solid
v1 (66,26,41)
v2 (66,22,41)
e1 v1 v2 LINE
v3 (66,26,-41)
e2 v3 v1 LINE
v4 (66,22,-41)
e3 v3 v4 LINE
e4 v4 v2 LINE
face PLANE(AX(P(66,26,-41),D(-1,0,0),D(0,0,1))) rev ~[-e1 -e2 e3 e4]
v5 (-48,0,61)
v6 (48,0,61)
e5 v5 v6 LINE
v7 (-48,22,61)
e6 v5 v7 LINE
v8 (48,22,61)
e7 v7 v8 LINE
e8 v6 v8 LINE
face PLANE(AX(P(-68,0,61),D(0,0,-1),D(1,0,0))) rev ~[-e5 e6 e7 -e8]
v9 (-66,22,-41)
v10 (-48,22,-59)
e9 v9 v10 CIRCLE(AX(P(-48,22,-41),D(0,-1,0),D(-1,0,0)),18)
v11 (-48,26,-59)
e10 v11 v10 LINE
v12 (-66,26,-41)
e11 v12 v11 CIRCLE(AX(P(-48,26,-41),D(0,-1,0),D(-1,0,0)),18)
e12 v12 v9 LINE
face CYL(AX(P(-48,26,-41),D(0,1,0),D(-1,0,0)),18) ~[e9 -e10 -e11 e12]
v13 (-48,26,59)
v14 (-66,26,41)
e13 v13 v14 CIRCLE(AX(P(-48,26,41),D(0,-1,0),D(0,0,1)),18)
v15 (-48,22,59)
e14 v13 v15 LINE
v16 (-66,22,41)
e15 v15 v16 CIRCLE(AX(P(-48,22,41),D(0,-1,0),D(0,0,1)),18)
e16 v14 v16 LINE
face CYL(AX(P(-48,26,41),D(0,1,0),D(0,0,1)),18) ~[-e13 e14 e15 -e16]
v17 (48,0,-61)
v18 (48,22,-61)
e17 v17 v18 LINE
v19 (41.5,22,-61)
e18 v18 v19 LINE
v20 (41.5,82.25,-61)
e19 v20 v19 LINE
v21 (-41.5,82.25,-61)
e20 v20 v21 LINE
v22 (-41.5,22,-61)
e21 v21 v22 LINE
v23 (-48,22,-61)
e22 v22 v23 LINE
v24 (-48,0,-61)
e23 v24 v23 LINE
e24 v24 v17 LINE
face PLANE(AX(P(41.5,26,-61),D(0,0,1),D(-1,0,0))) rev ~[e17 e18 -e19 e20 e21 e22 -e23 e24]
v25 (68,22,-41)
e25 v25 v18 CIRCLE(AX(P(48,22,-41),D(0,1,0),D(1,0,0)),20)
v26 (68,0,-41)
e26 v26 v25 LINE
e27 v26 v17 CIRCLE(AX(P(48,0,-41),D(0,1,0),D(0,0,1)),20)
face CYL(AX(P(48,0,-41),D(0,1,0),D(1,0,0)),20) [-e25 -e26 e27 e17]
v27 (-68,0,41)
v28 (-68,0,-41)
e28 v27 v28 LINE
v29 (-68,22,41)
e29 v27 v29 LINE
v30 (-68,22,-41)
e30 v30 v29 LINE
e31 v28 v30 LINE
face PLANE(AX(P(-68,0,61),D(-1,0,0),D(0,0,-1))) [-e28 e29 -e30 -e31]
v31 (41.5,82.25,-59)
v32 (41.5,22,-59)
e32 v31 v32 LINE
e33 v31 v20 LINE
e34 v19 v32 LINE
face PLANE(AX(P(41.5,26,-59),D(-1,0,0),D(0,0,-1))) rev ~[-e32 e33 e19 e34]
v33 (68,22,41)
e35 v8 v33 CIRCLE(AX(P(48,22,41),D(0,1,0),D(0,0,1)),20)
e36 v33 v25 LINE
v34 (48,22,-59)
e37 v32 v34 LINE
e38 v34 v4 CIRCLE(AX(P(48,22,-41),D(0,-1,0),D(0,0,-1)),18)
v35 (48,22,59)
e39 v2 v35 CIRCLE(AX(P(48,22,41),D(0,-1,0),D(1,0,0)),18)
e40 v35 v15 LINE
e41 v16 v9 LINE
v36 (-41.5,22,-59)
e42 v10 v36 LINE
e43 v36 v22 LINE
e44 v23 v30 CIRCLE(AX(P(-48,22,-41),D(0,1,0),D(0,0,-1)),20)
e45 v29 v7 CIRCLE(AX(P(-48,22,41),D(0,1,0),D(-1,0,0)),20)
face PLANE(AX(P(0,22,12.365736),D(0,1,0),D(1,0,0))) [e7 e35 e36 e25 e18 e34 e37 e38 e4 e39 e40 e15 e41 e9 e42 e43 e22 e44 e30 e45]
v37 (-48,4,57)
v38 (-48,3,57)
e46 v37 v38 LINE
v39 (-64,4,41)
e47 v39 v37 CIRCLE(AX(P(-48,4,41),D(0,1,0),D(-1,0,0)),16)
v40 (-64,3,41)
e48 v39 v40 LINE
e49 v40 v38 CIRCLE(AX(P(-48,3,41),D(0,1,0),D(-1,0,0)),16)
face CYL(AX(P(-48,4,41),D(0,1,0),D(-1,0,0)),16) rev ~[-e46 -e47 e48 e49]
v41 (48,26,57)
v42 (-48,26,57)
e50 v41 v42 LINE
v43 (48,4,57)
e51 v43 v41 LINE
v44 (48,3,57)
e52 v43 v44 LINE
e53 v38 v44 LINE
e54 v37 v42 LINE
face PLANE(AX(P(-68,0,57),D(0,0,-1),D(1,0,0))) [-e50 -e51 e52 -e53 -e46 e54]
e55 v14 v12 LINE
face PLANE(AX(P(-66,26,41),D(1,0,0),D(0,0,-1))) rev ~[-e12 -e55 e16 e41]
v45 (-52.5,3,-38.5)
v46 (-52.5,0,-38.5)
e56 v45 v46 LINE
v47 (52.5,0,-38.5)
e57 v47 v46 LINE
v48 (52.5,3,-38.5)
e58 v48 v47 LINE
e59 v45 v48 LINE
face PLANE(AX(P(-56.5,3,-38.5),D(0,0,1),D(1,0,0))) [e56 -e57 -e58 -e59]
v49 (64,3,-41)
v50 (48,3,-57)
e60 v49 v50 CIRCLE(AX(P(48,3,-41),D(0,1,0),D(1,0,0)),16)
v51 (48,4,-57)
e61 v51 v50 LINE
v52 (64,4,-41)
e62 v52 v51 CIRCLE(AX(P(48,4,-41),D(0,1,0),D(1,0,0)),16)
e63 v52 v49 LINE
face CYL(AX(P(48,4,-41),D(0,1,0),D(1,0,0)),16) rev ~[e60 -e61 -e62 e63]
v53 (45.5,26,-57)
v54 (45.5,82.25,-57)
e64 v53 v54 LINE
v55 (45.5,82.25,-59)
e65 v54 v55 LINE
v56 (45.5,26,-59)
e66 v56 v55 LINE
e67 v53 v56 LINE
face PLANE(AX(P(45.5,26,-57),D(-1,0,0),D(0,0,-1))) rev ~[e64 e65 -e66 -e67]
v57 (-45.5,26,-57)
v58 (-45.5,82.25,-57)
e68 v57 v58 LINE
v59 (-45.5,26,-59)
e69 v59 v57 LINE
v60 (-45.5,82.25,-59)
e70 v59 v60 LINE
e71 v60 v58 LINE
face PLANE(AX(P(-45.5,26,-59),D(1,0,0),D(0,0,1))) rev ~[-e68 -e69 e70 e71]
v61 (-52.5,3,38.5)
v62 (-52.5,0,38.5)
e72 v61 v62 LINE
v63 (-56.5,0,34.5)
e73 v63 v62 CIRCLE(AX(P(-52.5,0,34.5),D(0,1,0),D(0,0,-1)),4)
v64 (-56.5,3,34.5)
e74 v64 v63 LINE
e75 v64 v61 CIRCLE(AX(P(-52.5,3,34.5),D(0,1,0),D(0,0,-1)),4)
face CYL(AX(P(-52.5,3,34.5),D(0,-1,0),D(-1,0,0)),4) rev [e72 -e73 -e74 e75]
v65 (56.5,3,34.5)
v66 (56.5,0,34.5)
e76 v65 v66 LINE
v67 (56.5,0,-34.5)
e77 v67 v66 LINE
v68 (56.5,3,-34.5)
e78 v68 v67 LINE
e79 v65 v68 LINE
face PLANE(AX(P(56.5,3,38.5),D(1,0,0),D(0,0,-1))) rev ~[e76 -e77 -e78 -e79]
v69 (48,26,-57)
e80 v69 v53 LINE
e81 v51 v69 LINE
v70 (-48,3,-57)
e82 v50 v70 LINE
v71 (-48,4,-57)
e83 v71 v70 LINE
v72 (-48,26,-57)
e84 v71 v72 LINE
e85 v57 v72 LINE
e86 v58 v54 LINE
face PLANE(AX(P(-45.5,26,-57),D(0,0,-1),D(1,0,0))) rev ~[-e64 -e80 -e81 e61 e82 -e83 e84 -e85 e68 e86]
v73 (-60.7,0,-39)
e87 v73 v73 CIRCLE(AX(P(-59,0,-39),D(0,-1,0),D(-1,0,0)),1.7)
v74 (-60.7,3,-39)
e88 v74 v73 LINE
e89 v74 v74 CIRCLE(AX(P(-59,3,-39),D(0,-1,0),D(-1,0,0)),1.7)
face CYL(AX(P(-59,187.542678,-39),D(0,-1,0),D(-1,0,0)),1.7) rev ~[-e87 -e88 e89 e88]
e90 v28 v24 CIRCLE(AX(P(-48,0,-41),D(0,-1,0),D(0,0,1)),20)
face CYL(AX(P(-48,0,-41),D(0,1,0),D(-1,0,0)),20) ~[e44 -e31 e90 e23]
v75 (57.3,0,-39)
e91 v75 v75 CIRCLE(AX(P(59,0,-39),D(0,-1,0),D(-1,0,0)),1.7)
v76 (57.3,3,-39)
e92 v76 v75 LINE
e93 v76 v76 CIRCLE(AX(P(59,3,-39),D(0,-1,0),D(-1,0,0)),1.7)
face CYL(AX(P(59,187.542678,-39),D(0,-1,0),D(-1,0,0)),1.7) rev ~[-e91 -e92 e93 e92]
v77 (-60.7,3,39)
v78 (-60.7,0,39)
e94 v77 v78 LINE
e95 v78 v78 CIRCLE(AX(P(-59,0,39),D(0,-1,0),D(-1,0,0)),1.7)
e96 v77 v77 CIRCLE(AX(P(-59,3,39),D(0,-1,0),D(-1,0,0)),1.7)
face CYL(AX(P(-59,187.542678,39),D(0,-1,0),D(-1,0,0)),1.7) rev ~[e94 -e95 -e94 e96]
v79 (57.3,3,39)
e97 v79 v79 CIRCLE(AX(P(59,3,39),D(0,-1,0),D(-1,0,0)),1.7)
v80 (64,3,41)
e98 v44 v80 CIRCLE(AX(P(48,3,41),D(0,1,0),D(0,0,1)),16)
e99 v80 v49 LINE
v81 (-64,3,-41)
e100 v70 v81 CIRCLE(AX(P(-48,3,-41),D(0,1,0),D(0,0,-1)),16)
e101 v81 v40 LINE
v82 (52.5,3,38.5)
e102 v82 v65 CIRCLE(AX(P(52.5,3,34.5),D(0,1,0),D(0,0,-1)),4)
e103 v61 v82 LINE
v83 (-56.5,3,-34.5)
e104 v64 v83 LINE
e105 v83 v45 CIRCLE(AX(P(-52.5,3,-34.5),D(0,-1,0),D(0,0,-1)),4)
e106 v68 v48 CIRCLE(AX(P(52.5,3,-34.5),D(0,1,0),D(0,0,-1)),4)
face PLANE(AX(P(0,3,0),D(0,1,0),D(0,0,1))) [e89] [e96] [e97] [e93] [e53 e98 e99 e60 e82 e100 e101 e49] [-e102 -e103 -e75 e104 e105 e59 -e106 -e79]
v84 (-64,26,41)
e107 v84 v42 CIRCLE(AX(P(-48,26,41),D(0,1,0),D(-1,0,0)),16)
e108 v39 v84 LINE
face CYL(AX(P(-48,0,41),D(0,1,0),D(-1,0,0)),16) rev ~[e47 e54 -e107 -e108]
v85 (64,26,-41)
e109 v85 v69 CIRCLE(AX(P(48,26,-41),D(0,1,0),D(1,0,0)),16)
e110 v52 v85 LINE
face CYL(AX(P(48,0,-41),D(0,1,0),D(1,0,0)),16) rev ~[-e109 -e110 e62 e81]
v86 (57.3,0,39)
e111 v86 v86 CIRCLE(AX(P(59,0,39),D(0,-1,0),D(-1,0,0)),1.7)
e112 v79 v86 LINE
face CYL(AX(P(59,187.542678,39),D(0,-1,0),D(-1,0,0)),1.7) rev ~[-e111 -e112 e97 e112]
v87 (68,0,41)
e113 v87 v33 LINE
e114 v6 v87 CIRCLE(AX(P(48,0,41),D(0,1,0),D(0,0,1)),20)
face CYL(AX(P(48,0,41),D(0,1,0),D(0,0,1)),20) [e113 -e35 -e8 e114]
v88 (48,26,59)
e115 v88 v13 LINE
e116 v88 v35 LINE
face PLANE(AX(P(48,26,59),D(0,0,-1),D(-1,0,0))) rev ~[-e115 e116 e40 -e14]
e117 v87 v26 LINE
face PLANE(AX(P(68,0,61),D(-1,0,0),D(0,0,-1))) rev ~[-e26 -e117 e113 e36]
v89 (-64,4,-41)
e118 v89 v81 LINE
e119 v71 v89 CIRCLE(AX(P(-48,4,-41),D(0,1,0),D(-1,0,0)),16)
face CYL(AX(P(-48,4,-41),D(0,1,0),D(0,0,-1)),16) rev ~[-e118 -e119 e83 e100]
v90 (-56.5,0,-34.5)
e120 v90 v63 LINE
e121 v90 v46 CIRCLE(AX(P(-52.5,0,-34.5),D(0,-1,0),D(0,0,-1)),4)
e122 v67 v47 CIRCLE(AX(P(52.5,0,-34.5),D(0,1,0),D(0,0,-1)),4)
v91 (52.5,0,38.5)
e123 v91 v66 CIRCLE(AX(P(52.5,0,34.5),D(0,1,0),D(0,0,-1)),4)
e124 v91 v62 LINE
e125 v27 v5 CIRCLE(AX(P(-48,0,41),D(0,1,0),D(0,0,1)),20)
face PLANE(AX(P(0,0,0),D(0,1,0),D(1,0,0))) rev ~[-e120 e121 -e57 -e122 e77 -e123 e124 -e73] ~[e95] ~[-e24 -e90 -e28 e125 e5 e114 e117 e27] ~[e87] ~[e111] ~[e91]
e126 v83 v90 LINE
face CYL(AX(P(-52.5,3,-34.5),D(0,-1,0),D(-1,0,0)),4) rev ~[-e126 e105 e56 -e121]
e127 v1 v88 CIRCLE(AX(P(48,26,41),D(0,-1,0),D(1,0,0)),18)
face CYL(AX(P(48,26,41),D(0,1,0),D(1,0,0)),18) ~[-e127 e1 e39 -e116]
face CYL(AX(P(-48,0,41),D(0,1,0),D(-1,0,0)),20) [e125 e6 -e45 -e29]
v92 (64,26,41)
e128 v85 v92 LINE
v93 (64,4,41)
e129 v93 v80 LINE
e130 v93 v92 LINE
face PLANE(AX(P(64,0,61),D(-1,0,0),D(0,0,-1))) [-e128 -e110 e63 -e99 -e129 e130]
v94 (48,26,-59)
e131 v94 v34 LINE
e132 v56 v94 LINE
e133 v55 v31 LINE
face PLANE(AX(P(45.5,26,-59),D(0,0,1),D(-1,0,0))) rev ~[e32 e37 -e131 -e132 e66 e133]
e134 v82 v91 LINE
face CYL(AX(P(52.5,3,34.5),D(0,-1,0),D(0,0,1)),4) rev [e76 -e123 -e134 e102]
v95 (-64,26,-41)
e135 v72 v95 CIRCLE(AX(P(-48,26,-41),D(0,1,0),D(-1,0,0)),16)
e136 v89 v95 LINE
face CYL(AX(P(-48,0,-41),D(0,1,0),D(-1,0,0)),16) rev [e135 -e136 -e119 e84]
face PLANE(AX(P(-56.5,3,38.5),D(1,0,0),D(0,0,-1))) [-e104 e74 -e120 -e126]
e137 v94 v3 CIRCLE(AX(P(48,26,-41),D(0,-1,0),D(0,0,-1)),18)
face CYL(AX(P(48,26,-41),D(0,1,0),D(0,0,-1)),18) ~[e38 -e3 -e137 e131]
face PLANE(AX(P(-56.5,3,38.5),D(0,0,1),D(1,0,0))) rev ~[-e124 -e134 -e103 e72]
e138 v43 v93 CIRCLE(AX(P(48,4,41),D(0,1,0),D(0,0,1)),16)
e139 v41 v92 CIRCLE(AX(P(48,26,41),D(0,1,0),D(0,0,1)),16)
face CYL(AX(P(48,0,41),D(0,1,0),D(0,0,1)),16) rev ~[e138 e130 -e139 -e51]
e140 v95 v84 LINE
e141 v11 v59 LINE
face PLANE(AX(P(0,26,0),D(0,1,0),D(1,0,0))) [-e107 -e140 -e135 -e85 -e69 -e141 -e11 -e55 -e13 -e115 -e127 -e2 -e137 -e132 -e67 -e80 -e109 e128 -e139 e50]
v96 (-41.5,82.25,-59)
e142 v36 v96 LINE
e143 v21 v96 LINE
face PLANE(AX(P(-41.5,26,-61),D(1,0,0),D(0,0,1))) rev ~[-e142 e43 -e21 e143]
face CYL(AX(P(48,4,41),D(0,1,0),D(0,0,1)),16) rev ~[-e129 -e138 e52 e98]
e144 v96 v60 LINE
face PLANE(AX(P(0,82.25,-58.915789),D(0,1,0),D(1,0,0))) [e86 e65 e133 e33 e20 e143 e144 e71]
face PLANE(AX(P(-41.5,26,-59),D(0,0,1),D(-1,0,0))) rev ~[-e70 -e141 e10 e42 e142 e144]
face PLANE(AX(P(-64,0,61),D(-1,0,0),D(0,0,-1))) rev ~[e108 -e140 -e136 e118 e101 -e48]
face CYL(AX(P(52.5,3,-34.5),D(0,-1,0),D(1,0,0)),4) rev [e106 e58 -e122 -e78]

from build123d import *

# Parameters (mm, degrees)
SKETCH1_W                = 136
SKETCH1_H                = 122
BOSS_EXTRUDE1_DEPTH      = 26
FILLET1_R                = 20
SHELL1_T                 = -4
SHELL1_THICKNESS_2_DEPTH = 1
CUT_EXTRUDE1_REACH       = 96.202
SKETCH2_W                = 113
SKETCH2_H                = 77
FILLET2_R                = 4
M3_CLEARANCE_HOLE1_D     = 3.4
CUT_EXTRUDE2_DEPTH       = 4
BOSS_EXTRUDE3_DEPTH      = 56.25


with BuildPart() as part:
    # Sketch1 → Boss-Extrude1 (new body)
    with BuildSketch(Plane(origin=(0, 0, 0), x_dir=(1, 0, 0), z_dir=(0, 1, 0))):
        Rectangle(SKETCH1_W, SKETCH1_H)
    extrude(amount=BOSS_EXTRUDE1_DEPTH)

    # Fillet1
    fillet1_edges = [part.edges().sort_by_distance(p)[0] for p in [
        (68, 13, 61),
        (-68, 13, 61),
        (-68, 13, -61),
        (68, 13, -61),
    ]]
    fillet(fillet1_edges, radius=FILLET1_R)

    # Shell1
    shell1_openings = [part.faces().sort_by_distance(p)[0] for p in [
        (0, 26, 0),
    ]]
    offset(amount=SHELL1_T, openings=shell1_openings, kind=Kind.INTERSECTION)

    # Shell1 thickness 2 face (on inner face of the shell) → Shell1 thickness 2 (cut)
    with BuildSketch(Plane(origin=(0, 4, 0), x_dir=(0, 0, -1), z_dir=(0, -1, 0))):
        with BuildLine():
            ThreePointArc((57, -48), (52.313708499, -59.313708499), (41, -64))
            Line((41, -64), (-41, -64))
            ThreePointArc((-41, -64), (-52.313708499, -59.313708499), (-57, -48))
            Line((-57, -48), (-57, 48))
            ThreePointArc((-57, 48), (-52.313708499, 59.313708499), (-41, 64))
            Line((-41, 64), (41, 64))
            ThreePointArc((41, 64), (52.313708499, 59.313708499), (57, 48))
            Line((57, 48), (57, -48))
        make_face()
    extrude(amount=SHELL1_THICKNESS_2_DEPTH, mode=Mode.SUBTRACT)

    # Sketch2 → Cut-Extrude1 (cut, up to next)
    with BuildSketch(Plane(origin=(0, 3, 0), x_dir=(1, 0, 0), z_dir=(0, 1, 0)), mode=Mode.PRIVATE) as cut_extrude1_sk1:
        Rectangle(SKETCH2_W, SKETCH2_H)
    cut_extrude1_tool1 = extrude(cut_extrude1_sk1.sketch, amount=-CUT_EXTRUDE1_REACH, mode=Mode.PRIVATE) & part.part
    add(cut_extrude1_tool1.solids().sort_by_distance((0, 3, 0))[0], mode=Mode.SUBTRACT)

    # Fillet2
    fillet2_edges = [part.edges().sort_by_distance(p)[0] for p in [
        (56.5, 1.5, -38.5),
        (56.5, 1.5, 38.5),
        (-56.5, 1.5, 38.5),
        (-56.5, 1.5, -38.5),
    ]]
    fillet(fillet2_edges, radius=FILLET2_R)

    # M3 Clearance Hole1 (through all)
    with Locations(Plane(origin=(0, 3, 0), x_dir=(1, 0, 0), z_dir=(0, 1, 0))):
        with Locations((-59, 39), (59, 39), (59, -39), (-59, -39)):
            Hole(M3_CLEARANCE_HOLE1_D / 2)

    # Sketch5 → Cut-Extrude2 (cut)
    with BuildSketch(Plane(origin=(0, 26, 0), x_dir=(1, 0, 0), z_dir=(0, 1, 0))):
        with BuildLine():
            Line((-68, 41), (-68, -41))
            ThreePointArc((-68, -41), (-62.142135624, -55.142135624), (-48, -61))
            Line((-48, -61), (48, -61))
            ThreePointArc((48, -61), (62.142135624, -55.142135624), (68, -41))
            Line((68, -41), (68, 41))
            ThreePointArc((68, 41), (62.142135624, 55.142135624), (48, 61))
            Line((48, 61), (41.5, 61))
            Line((41.5, 61), (41.5, 59))
            Line((41.5, 59), (48, 59))
            ThreePointArc((48, 59), (60.727922061, 53.727922061), (66, 41))
            Line((66, 41), (66, -41))
            ThreePointArc((66, -41), (60.727922061, -53.727922061), (48, -59))
            Line((48, -59), (-48, -59))
            ThreePointArc((-48, -59), (-60.727922061, -53.727922061), (-66, -41))
            Line((-66, -41), (-66, 41))
            ThreePointArc((-66, 41), (-60.727922061, 53.727922061), (-48, 59))
            Line((-48, 59), (-41.5, 59))
            Line((-41.5, 59), (-41.5, 61))
            Line((-41.5, 61), (-48, 61))
            ThreePointArc((-48, 61), (-62.142135624, 55.142135624), (-68, 41))
        make_face()
    extrude(amount=-CUT_EXTRUDE2_DEPTH, mode=Mode.SUBTRACT)

    # Sketch9 → Boss-Extrude3 (add)
    with BuildSketch(Plane(origin=(0, 26, 0), x_dir=(1, 0, 0), z_dir=(0, 1, 0))):
        Polygon((-41.5, 61), (-41.5, 59), (-45.5, 59), (-45.5, 57), (45.5, 57), (45.5, 59), (41.5, 59), (41.5, 61), align=None)
    extrude(amount=BOSS_EXTRUDE3_DEPTH)


solid = part.part
